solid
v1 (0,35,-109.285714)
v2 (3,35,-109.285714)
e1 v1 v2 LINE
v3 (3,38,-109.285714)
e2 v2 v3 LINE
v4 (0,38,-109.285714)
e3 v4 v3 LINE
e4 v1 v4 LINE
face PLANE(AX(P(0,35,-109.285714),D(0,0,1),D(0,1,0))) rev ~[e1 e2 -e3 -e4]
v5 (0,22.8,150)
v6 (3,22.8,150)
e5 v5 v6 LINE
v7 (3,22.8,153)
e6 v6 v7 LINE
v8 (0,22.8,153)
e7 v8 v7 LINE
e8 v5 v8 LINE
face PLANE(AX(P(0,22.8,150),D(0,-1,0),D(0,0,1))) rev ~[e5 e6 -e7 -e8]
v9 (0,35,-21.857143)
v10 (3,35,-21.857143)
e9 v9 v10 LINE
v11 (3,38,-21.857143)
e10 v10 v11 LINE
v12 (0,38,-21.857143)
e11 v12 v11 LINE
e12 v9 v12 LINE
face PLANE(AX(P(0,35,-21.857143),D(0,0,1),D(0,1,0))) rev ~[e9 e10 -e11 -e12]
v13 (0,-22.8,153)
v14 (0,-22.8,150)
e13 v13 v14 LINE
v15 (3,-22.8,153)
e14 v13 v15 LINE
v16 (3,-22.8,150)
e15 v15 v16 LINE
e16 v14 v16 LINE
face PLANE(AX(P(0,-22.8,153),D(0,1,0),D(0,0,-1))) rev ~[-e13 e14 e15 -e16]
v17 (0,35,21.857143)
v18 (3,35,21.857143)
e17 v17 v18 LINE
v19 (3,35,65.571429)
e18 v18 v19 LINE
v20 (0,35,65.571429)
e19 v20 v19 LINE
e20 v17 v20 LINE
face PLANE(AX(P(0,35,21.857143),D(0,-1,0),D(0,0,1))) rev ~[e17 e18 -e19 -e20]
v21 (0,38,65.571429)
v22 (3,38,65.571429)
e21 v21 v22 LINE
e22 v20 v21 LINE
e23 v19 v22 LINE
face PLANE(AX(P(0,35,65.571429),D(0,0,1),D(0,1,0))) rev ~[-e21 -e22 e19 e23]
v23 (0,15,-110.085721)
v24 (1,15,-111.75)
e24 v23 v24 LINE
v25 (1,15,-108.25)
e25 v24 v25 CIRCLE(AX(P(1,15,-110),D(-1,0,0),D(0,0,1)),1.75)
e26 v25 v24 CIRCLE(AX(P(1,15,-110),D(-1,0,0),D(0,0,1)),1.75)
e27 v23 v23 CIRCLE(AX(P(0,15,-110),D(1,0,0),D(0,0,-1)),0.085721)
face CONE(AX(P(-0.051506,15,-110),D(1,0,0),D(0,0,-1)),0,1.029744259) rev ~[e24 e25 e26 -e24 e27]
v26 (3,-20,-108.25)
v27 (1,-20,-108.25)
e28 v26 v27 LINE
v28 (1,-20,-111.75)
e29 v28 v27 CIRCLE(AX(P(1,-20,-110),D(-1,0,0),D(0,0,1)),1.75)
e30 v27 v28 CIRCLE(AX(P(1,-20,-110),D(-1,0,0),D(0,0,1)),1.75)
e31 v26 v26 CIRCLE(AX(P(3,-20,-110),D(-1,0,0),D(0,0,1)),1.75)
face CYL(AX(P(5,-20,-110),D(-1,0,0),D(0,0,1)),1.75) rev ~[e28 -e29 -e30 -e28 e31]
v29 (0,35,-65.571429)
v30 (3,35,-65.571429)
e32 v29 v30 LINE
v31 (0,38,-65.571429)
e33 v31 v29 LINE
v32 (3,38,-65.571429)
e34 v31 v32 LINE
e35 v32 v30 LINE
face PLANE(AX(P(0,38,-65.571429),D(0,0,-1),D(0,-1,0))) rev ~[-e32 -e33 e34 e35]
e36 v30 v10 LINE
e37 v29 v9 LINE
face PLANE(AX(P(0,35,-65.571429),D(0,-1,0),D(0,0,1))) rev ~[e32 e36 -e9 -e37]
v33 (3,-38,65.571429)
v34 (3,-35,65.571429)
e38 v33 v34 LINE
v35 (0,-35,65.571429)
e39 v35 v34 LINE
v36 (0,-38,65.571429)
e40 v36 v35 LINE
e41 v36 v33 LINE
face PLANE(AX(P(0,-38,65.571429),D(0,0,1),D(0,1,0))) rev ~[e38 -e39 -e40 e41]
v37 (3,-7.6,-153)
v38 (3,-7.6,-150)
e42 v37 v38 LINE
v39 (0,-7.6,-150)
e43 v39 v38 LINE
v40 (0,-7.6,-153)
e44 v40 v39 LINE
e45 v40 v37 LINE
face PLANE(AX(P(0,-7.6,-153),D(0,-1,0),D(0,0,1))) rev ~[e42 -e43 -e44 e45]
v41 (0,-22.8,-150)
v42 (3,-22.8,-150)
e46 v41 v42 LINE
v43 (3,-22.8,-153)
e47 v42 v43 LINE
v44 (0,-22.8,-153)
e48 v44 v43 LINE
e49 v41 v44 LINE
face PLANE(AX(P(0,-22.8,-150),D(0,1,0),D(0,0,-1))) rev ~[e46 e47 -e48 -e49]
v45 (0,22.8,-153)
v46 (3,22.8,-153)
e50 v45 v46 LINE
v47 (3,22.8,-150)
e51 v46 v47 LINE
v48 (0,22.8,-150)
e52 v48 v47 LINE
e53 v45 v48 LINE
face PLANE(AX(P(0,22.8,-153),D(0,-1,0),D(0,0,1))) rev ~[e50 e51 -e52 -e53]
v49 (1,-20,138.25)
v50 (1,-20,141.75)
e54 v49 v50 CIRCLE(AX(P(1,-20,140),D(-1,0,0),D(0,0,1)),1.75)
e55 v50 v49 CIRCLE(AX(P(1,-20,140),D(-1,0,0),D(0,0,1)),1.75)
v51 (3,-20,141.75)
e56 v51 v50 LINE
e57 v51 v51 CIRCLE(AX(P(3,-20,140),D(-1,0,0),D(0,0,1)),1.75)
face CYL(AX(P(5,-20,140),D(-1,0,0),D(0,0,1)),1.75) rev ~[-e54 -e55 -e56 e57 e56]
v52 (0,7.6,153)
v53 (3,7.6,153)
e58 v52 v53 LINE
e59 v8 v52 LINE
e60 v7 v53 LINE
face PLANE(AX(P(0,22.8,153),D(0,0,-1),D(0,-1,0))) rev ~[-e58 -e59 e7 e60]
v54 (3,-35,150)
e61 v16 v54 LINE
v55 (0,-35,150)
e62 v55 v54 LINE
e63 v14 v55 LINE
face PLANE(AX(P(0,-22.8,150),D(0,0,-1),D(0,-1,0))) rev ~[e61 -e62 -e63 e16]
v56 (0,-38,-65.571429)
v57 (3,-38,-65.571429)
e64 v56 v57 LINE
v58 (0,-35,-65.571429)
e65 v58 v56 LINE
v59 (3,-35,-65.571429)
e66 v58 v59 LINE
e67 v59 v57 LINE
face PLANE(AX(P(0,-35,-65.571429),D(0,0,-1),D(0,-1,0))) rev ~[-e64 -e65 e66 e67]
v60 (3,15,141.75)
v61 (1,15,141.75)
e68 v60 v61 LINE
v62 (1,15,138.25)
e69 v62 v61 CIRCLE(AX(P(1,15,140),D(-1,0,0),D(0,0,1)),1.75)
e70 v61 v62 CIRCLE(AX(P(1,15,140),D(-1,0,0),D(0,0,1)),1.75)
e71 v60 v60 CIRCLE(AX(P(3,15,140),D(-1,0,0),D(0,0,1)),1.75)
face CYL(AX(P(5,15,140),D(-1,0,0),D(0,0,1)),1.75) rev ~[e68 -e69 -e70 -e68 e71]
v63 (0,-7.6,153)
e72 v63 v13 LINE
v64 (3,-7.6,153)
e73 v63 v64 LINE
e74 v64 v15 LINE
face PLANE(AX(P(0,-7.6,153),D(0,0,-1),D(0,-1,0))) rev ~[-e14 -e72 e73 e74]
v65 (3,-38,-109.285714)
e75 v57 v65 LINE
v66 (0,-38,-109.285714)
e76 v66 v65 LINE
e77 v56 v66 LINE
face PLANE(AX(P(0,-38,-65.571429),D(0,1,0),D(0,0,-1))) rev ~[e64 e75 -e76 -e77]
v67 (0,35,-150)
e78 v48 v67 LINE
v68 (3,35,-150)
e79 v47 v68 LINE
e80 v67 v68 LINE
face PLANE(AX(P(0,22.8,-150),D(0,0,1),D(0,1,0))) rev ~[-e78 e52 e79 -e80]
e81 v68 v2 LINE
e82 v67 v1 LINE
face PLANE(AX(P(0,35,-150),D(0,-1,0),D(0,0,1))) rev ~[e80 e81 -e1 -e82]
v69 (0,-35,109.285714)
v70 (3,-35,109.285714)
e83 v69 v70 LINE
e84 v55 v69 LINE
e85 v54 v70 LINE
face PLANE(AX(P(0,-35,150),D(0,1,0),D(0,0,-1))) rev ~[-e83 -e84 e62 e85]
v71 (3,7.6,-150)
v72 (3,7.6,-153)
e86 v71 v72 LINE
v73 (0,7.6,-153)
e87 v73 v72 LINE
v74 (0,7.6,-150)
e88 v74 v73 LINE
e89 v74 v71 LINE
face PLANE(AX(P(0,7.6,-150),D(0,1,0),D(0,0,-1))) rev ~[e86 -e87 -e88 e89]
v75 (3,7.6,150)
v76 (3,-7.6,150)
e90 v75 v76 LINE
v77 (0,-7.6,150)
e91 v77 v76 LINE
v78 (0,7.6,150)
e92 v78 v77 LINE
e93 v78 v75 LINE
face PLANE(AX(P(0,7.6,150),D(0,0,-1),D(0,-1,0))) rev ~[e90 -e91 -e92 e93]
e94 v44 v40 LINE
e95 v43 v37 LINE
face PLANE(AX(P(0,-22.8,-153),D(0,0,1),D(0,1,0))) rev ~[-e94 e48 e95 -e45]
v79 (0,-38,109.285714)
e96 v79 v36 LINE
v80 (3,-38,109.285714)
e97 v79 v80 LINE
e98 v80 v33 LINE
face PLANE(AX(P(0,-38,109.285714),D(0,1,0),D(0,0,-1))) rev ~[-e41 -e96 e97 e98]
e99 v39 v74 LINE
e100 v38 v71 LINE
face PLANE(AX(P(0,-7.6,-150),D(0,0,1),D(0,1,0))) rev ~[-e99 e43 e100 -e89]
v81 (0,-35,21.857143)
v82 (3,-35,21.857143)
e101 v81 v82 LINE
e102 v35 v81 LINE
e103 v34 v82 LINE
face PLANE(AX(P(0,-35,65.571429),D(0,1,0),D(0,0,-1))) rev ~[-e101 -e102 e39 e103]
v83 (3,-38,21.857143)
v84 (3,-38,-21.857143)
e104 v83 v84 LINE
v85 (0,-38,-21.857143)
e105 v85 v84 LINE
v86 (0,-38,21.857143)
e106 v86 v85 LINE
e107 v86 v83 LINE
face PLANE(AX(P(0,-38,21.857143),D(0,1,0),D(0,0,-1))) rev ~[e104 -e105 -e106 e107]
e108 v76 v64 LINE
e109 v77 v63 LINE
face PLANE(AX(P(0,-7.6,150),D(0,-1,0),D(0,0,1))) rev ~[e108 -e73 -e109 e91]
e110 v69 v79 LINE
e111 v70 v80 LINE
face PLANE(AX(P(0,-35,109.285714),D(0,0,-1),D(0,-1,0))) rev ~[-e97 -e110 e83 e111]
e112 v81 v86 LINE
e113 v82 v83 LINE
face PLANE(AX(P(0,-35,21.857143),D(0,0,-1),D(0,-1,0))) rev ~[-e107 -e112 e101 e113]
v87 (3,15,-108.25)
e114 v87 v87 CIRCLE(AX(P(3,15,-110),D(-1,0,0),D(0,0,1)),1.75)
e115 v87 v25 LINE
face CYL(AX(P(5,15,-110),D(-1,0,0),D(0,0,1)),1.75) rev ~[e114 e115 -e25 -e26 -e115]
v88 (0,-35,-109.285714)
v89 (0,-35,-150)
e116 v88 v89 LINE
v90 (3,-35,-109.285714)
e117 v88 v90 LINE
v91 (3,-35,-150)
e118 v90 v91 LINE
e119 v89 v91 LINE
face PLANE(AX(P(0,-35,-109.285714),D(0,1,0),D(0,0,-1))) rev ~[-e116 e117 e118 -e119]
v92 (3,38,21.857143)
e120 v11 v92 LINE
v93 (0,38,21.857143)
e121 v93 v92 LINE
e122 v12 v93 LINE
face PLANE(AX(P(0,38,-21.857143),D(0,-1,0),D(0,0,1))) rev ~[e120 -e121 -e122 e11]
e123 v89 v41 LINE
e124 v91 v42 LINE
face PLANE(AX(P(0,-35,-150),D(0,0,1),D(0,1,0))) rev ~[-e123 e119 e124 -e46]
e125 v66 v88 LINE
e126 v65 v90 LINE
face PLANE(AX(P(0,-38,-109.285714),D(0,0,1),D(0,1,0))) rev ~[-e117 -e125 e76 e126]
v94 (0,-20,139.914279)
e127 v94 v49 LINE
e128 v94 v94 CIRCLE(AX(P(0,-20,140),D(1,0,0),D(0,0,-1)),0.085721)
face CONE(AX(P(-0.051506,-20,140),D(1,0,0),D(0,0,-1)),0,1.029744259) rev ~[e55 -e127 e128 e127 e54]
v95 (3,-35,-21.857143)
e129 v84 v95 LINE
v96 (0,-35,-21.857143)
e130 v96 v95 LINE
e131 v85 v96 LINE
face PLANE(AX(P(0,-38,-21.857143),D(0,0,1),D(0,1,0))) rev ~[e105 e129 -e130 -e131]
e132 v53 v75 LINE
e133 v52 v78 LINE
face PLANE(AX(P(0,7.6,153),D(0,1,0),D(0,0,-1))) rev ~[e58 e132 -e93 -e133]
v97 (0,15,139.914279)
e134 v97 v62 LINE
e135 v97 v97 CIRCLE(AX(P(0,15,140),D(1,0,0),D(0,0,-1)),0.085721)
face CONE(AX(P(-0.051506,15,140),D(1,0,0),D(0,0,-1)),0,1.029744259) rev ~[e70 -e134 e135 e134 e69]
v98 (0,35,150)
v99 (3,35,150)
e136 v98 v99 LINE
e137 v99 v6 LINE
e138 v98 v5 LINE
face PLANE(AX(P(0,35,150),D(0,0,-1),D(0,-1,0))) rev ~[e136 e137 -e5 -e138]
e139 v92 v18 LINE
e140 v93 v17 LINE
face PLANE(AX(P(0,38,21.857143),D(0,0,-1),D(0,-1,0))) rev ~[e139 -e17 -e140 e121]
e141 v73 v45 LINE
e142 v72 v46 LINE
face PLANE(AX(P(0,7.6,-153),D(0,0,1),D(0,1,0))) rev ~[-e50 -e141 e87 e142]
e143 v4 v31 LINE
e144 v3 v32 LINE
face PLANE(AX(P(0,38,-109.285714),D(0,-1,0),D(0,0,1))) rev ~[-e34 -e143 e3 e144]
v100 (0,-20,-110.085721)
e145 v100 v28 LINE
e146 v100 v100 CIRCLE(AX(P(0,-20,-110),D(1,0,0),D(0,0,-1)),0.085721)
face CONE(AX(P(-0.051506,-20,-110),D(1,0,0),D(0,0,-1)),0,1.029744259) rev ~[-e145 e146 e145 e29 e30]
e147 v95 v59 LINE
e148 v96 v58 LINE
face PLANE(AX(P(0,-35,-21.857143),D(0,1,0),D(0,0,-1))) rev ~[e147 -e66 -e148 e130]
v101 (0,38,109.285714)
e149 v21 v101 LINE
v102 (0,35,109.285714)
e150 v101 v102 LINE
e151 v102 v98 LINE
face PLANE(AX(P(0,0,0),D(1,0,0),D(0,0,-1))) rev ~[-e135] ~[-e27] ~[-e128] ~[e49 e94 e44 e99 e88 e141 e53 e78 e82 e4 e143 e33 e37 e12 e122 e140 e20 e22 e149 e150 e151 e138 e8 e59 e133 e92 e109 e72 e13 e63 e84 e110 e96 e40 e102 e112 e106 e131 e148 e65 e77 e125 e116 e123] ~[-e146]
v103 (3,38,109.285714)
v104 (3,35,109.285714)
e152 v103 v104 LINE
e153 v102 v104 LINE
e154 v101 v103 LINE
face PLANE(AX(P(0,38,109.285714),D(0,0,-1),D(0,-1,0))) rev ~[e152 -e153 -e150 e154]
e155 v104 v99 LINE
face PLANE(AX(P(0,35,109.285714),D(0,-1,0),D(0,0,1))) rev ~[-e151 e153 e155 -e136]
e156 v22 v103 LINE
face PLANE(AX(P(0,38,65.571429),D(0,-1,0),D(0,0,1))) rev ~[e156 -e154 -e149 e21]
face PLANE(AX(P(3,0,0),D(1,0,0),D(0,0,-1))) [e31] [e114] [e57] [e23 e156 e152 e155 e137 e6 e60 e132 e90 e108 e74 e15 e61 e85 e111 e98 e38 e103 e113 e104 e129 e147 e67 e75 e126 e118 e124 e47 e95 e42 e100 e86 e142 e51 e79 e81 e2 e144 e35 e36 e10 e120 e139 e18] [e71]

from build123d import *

# Parameters (mm, degrees)
BOSS_EXTRU_3_DEPTH                  = 3
DIAM_TRE_DU_PER_AGE_3_5_3_5_1_D     = 3.5
DIAM_TRE_DU_PER_AGE_3_5_3_5_1_DEPTH = 2
DIAM_TRE_DU_PER_AGE_3_5_3_5_1_TIP   = 1.051506083


with BuildPart() as part:
    # Esquisse3 → Boss.-Extru.3 (new body)
    with BuildSketch(Plane(origin=(0, 0, 0), x_dir=(0, 0, -1), z_dir=(1, 0, 0))):
        Polygon((109.285714286, 38), (65.571428571, 38), (65.571428571, 35), (21.857142857, 35), (21.857142857, 38), (-21.857142857, 38), (-21.857142857, 35), (-65.571428571, 35), (-65.571428571, 38), (-109.285714286, 38), (-109.285714286, 35), (-150, 35), (-150, 22.8), (-153, 22.8), (-153, 7.6), (-150, 7.6), (-150, -7.6), (-153, -7.6), (-153, -22.8), (-150, -22.8), (-150, -35), (-109.285714286, -35), (-109.285714286, -38), (-65.571428571, -38), (-65.571428571, -35), (-21.857142857, -35), (-21.857142857, -38), (21.857142857, -38), (21.857142857, -35), (65.571428571, -35), (65.571428571, -38), (109.285714286, -38), (109.285714286, -35), (150, -35), (150, -22.8), (153, -22.8), (153, -7.6), (150, -7.6), (150, 7.6), (153, 7.6), (153, 22.8), (150, 22.8), (150, 35), (109.285714286, 35), align=None)
    extrude(amount=BOSS_EXTRU_3_DEPTH)

    # Diamètre du perçage Ø3.5 (3.5)1
    with Locations(Plane(origin=(3, 0, 0), x_dir=(0, 0, -1), z_dir=(1, 0, 0))):
        with Locations((110, 15), (110, -20), (-140, 15), (-140, -20)):
            Hole(DIAM_TRE_DU_PER_AGE_3_5_3_5_1_D / 2, depth=DIAM_TRE_DU_PER_AGE_3_5_3_5_1_DEPTH)
            with Locations((0, 0, -(DIAM_TRE_DU_PER_AGE_3_5_3_5_1_DEPTH + DIAM_TRE_DU_PER_AGE_3_5_3_5_1_TIP / 2))):  # 118° drill point
                Cone(0, DIAM_TRE_DU_PER_AGE_3_5_3_5_1_D / 2, DIAM_TRE_DU_PER_AGE_3_5_3_5_1_TIP, mode=Mode.SUBTRACT)


solid = part.part
